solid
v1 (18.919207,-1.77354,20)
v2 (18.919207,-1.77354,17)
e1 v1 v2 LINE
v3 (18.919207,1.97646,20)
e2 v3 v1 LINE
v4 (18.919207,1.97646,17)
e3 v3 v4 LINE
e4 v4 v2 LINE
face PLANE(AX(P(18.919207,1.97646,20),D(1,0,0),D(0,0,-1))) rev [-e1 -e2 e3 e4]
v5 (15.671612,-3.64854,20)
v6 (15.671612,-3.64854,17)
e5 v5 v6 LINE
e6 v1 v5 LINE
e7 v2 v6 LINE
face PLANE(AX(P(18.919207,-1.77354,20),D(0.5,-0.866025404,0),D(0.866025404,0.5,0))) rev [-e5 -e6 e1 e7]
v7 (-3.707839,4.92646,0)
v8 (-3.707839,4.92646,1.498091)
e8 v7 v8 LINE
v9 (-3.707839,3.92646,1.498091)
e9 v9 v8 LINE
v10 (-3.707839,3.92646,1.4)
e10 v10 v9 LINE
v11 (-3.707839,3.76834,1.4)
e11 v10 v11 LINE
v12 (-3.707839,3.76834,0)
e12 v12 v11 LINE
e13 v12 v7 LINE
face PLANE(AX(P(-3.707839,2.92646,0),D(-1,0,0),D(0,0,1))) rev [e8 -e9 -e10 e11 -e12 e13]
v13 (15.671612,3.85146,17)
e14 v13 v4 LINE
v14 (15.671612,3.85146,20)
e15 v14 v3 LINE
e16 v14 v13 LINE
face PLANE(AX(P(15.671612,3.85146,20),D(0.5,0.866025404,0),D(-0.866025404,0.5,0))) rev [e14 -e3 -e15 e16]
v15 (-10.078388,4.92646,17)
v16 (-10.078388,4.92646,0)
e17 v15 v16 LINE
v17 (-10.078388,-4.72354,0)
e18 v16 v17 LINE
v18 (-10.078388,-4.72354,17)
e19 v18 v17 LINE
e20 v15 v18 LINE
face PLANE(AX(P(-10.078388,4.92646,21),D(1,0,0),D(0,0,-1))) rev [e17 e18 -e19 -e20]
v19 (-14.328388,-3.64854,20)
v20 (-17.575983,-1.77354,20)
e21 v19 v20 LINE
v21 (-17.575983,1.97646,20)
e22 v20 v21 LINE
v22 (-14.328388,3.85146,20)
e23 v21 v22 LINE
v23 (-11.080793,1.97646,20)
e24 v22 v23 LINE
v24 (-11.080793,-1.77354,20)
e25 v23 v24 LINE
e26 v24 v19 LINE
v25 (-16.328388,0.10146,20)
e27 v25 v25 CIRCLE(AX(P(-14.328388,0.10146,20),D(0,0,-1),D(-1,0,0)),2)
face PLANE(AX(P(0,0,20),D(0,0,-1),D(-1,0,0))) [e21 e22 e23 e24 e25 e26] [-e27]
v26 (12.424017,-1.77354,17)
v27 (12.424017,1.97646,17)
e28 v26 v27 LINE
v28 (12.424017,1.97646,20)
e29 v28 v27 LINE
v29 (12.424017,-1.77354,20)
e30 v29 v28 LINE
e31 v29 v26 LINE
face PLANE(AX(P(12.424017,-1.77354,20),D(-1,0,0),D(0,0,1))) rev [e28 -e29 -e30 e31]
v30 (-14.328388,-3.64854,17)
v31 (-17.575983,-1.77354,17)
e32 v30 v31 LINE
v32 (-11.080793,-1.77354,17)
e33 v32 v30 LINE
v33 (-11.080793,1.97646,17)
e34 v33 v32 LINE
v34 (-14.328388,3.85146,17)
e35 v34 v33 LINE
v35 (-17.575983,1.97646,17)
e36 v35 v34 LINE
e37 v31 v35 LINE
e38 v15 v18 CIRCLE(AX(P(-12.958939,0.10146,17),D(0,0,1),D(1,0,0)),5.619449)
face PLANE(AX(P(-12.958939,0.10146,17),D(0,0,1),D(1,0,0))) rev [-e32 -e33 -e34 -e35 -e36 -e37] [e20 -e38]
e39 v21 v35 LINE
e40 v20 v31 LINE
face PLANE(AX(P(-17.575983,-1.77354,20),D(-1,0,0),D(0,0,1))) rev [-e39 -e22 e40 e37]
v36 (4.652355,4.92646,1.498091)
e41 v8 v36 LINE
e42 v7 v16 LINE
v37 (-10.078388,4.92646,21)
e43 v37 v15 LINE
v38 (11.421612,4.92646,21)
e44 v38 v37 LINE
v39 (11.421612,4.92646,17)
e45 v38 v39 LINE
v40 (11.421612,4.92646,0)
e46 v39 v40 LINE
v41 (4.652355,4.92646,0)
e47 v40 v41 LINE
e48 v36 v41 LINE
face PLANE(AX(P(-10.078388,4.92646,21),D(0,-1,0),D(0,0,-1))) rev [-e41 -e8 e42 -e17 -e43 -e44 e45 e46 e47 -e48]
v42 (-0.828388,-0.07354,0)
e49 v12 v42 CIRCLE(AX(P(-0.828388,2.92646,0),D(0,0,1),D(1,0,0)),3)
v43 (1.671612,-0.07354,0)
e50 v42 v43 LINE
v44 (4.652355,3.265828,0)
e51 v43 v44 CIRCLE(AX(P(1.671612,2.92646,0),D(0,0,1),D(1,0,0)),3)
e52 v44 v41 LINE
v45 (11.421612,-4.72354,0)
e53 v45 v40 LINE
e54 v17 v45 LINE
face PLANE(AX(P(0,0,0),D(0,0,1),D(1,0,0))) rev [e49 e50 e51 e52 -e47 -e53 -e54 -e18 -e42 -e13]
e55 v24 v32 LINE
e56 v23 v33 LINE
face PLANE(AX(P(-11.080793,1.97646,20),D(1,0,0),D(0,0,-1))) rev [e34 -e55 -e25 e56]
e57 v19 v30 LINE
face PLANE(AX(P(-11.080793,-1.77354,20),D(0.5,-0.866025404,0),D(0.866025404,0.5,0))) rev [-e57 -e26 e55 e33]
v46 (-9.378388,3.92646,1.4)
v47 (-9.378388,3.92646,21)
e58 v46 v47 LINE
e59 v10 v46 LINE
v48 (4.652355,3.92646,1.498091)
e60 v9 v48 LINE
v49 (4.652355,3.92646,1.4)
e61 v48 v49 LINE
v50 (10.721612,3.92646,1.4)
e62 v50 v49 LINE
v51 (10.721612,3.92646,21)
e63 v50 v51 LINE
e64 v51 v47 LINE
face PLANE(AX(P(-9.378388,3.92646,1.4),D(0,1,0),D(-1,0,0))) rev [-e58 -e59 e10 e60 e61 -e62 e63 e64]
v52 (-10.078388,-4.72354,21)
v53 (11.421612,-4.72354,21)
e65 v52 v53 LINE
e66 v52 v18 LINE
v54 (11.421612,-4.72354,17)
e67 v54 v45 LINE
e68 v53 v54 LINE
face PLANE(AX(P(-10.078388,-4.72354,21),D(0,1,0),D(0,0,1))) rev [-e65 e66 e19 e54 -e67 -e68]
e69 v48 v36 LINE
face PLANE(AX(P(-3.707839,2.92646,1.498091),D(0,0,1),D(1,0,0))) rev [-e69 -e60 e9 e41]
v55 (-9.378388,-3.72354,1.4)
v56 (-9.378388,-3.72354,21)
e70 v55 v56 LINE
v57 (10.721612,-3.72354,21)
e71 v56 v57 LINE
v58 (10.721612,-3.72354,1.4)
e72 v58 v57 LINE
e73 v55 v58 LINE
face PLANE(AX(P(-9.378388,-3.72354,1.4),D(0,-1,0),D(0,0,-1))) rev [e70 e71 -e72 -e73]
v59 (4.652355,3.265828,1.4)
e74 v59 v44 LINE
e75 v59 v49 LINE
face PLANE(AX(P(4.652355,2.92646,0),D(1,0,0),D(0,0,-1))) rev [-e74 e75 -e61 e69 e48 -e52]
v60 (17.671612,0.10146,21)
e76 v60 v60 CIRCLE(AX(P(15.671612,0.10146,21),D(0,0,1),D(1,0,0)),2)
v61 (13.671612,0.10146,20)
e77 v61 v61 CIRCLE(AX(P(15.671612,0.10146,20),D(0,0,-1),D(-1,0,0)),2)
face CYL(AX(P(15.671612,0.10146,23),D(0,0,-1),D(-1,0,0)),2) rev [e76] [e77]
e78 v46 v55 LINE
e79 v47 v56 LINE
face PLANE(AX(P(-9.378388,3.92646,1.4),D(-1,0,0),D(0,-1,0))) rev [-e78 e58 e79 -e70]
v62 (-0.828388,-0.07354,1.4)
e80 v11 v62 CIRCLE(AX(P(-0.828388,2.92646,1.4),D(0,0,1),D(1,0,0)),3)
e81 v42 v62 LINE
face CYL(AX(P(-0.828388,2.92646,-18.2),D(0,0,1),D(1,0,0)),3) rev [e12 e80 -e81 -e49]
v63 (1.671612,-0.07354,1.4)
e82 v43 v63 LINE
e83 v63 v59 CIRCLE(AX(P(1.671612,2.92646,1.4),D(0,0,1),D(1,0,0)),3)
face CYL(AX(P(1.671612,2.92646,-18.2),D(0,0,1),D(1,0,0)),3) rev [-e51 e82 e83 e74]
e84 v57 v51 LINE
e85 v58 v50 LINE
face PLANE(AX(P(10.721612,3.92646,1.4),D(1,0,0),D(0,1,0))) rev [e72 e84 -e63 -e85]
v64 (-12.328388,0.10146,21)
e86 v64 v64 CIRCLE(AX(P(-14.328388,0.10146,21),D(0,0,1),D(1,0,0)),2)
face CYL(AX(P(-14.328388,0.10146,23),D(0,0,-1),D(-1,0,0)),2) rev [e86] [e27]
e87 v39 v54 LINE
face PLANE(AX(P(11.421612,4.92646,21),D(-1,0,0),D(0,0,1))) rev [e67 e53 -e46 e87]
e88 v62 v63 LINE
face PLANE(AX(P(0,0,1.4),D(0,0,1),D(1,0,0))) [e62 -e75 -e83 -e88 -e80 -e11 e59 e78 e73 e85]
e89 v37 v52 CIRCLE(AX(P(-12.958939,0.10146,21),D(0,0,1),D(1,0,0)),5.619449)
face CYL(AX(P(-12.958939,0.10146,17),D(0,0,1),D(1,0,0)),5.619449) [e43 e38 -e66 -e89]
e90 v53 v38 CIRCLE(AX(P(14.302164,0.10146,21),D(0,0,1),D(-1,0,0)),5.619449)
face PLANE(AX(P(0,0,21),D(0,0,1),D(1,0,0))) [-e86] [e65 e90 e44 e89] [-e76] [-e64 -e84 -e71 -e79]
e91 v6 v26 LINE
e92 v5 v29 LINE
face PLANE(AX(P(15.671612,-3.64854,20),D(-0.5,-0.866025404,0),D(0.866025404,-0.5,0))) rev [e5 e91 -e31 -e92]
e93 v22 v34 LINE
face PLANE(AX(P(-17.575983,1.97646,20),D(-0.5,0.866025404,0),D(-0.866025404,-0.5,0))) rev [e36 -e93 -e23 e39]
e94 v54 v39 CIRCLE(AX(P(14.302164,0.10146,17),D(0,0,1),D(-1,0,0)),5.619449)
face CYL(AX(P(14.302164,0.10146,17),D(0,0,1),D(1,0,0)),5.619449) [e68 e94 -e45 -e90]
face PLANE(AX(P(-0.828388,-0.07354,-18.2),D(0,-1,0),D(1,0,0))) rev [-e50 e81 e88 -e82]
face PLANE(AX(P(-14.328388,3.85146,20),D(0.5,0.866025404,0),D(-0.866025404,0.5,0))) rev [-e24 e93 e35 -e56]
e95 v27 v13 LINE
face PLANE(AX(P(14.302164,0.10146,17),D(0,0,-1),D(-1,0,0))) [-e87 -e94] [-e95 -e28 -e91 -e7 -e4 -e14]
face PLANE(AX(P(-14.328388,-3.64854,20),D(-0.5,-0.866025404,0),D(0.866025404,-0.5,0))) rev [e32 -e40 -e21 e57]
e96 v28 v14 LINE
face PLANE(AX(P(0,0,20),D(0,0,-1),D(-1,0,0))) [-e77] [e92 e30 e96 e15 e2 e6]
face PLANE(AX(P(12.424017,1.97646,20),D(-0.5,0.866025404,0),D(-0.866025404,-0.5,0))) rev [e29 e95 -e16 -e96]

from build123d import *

# Parameters (mm, degrees)
SKETCH1_W           = 21.5
SKETCH1_H           = 9.65
BOSS_EXTRUDE1_DEPTH = 21
SKETCH3_W           = 20.1
SKETCH3_H           = 7.65
CUT_EXTRUDE1_DEPTH  = 19.6
CUT_EXTRUDE2_DEPTH  = 19.6
BOSS_EXTRUDE2_DEPTH = 4
CUT_EXTRUDE3_DEPTH  = 3
SKETCH22_R          = 2
CUT_EXTRUDE4_DEPTH  = 3
BOSS_EXTRUDE3_DEPTH = 4
CUT_EXTRUDE5_DEPTH  = 3
SKETCH25_R          = 2
CUT_EXTRUDE6_DEPTH  = 3
SKETCH26_W          = 8.360194132
SKETCH26_H          = 1.498091199
CUT_EXTRUDE7_DEPTH  = 2


with BuildPart() as part:
    # Sketch1 → Boss-Extrude1 (new body)
    with BuildSketch(Plane.XY):
        with Locations((0.67161215, 0.10146028)):
            Rectangle(SKETCH1_W, SKETCH1_H)
    extrude(amount=BOSS_EXTRUDE1_DEPTH)

    # Sketch3 → Cut-Extrude1 (cut)
    with BuildSketch(Plane.XY.offset(21)):
        with Locations((0.67161215, 0.10146028)):
            Rectangle(SKETCH3_W, SKETCH3_H)
    extrude(amount=-CUT_EXTRUDE1_DEPTH, mode=Mode.SUBTRACT)

    # Sketch5 → Cut-Extrude2 (cut)
    with BuildSketch(Plane.XY.offset(1.4)):
        with BuildLine():
            Line((-0.82838785, 5.92646028), (1.67161215, 5.92646028))
            ThreePointArc((1.67161215, 5.92646028), (4.67161215, 2.92646028), (1.67161215, -0.07353972))
            Line((1.67161215, -0.07353972), (-0.82838785, -0.07353972))
            ThreePointArc((-0.82838785, -0.07353972), (-3.82838785, 2.92646028), (-0.82838785, 5.92646028))
        make_face()
    extrude(amount=-CUT_EXTRUDE2_DEPTH, mode=Mode.SUBTRACT)

    # Sketch20 → Boss-Extrude2 (add)
    with BuildSketch(Plane.XY.offset(21)):
        with BuildLine():
            Line((-10.07838785, -4.72353972), (-10.07838785, 4.92646028))
            ThreePointArc((-10.07838785, 4.92646028), (-18.57838785, 0.10146028), (-10.07838785, -4.72353972))
        make_face()
    extrude(amount=-BOSS_EXTRUDE2_DEPTH)

    # Sketch21 → Cut-Extrude3 (cut)
    with BuildSketch(Plane(origin=(0, 0, 17), x_dir=(-1, 0, 0), z_dir=(0, 0, -1))):
        Polygon((14.32838785, 3.85146028), (11.080792586, 1.97646028), (11.080792586, -1.77353972), (14.32838785, -3.64853972), (17.575983115, -1.77353972), (17.575983115, 1.97646028), align=None)
    extrude(amount=-CUT_EXTRUDE3_DEPTH, mode=Mode.SUBTRACT)

    # Sketch22 → Cut-Extrude4 (cut)
    with BuildSketch(Plane(origin=(0, 0, 20), x_dir=(-1, 0, 0), z_dir=(0, 0, -1))):
        with Locations((14.32838785, 0.10146028)):
            Circle(SKETCH22_R)
    extrude(amount=-CUT_EXTRUDE4_DEPTH, mode=Mode.SUBTRACT)

    # Sketch23 → Boss-Extrude3 (add)
    with BuildSketch(Plane.XY.offset(21)):
        with BuildLine():
            Line((11.42161215, 4.92646028), (11.42161215, -4.72353972))
            ThreePointArc((11.42161215, -4.72353972), (19.92161215, 0.10146028), (11.42161215, 4.92646028))
        make_face()
    extrude(amount=-BOSS_EXTRUDE3_DEPTH)

    # Sketch24 → Cut-Extrude5 (cut)
    with BuildSketch(Plane(origin=(0, 0, 17), x_dir=(-1, 0, 0), z_dir=(0, 0, -1))):
        Polygon((-15.67161215, 3.85146028), (-18.919207414, 1.97646028), (-18.919207414, -1.77353972), (-15.67161215, -3.64853972), (-12.424016885, -1.77353972), (-12.424016885, 1.97646028), align=None)
    extrude(amount=-CUT_EXTRUDE5_DEPTH, mode=Mode.SUBTRACT)

    # Sketch25 → Cut-Extrude6 (cut)
    with BuildSketch(Plane(origin=(0, 0, 20), x_dir=(-1, 0, 0), z_dir=(0, 0, -1))):
        with Locations((-15.67161215, 0.10146028)):
            Circle(SKETCH25_R)
    extrude(amount=-CUT_EXTRUDE6_DEPTH, mode=Mode.SUBTRACT)

    # Sketch26 → Cut-Extrude7 (cut)
    with BuildSketch(Plane(origin=(0, 4.92646028, 0), x_dir=(1, 0, 0), z_dir=(0, 1, 0))):
        with Locations((0.472258252, -0.7490456)):
            Rectangle(SKETCH26_W, SKETCH26_H)
    extrude(amount=-CUT_EXTRUDE7_DEPTH, mode=Mode.SUBTRACT)


solid = part.part
